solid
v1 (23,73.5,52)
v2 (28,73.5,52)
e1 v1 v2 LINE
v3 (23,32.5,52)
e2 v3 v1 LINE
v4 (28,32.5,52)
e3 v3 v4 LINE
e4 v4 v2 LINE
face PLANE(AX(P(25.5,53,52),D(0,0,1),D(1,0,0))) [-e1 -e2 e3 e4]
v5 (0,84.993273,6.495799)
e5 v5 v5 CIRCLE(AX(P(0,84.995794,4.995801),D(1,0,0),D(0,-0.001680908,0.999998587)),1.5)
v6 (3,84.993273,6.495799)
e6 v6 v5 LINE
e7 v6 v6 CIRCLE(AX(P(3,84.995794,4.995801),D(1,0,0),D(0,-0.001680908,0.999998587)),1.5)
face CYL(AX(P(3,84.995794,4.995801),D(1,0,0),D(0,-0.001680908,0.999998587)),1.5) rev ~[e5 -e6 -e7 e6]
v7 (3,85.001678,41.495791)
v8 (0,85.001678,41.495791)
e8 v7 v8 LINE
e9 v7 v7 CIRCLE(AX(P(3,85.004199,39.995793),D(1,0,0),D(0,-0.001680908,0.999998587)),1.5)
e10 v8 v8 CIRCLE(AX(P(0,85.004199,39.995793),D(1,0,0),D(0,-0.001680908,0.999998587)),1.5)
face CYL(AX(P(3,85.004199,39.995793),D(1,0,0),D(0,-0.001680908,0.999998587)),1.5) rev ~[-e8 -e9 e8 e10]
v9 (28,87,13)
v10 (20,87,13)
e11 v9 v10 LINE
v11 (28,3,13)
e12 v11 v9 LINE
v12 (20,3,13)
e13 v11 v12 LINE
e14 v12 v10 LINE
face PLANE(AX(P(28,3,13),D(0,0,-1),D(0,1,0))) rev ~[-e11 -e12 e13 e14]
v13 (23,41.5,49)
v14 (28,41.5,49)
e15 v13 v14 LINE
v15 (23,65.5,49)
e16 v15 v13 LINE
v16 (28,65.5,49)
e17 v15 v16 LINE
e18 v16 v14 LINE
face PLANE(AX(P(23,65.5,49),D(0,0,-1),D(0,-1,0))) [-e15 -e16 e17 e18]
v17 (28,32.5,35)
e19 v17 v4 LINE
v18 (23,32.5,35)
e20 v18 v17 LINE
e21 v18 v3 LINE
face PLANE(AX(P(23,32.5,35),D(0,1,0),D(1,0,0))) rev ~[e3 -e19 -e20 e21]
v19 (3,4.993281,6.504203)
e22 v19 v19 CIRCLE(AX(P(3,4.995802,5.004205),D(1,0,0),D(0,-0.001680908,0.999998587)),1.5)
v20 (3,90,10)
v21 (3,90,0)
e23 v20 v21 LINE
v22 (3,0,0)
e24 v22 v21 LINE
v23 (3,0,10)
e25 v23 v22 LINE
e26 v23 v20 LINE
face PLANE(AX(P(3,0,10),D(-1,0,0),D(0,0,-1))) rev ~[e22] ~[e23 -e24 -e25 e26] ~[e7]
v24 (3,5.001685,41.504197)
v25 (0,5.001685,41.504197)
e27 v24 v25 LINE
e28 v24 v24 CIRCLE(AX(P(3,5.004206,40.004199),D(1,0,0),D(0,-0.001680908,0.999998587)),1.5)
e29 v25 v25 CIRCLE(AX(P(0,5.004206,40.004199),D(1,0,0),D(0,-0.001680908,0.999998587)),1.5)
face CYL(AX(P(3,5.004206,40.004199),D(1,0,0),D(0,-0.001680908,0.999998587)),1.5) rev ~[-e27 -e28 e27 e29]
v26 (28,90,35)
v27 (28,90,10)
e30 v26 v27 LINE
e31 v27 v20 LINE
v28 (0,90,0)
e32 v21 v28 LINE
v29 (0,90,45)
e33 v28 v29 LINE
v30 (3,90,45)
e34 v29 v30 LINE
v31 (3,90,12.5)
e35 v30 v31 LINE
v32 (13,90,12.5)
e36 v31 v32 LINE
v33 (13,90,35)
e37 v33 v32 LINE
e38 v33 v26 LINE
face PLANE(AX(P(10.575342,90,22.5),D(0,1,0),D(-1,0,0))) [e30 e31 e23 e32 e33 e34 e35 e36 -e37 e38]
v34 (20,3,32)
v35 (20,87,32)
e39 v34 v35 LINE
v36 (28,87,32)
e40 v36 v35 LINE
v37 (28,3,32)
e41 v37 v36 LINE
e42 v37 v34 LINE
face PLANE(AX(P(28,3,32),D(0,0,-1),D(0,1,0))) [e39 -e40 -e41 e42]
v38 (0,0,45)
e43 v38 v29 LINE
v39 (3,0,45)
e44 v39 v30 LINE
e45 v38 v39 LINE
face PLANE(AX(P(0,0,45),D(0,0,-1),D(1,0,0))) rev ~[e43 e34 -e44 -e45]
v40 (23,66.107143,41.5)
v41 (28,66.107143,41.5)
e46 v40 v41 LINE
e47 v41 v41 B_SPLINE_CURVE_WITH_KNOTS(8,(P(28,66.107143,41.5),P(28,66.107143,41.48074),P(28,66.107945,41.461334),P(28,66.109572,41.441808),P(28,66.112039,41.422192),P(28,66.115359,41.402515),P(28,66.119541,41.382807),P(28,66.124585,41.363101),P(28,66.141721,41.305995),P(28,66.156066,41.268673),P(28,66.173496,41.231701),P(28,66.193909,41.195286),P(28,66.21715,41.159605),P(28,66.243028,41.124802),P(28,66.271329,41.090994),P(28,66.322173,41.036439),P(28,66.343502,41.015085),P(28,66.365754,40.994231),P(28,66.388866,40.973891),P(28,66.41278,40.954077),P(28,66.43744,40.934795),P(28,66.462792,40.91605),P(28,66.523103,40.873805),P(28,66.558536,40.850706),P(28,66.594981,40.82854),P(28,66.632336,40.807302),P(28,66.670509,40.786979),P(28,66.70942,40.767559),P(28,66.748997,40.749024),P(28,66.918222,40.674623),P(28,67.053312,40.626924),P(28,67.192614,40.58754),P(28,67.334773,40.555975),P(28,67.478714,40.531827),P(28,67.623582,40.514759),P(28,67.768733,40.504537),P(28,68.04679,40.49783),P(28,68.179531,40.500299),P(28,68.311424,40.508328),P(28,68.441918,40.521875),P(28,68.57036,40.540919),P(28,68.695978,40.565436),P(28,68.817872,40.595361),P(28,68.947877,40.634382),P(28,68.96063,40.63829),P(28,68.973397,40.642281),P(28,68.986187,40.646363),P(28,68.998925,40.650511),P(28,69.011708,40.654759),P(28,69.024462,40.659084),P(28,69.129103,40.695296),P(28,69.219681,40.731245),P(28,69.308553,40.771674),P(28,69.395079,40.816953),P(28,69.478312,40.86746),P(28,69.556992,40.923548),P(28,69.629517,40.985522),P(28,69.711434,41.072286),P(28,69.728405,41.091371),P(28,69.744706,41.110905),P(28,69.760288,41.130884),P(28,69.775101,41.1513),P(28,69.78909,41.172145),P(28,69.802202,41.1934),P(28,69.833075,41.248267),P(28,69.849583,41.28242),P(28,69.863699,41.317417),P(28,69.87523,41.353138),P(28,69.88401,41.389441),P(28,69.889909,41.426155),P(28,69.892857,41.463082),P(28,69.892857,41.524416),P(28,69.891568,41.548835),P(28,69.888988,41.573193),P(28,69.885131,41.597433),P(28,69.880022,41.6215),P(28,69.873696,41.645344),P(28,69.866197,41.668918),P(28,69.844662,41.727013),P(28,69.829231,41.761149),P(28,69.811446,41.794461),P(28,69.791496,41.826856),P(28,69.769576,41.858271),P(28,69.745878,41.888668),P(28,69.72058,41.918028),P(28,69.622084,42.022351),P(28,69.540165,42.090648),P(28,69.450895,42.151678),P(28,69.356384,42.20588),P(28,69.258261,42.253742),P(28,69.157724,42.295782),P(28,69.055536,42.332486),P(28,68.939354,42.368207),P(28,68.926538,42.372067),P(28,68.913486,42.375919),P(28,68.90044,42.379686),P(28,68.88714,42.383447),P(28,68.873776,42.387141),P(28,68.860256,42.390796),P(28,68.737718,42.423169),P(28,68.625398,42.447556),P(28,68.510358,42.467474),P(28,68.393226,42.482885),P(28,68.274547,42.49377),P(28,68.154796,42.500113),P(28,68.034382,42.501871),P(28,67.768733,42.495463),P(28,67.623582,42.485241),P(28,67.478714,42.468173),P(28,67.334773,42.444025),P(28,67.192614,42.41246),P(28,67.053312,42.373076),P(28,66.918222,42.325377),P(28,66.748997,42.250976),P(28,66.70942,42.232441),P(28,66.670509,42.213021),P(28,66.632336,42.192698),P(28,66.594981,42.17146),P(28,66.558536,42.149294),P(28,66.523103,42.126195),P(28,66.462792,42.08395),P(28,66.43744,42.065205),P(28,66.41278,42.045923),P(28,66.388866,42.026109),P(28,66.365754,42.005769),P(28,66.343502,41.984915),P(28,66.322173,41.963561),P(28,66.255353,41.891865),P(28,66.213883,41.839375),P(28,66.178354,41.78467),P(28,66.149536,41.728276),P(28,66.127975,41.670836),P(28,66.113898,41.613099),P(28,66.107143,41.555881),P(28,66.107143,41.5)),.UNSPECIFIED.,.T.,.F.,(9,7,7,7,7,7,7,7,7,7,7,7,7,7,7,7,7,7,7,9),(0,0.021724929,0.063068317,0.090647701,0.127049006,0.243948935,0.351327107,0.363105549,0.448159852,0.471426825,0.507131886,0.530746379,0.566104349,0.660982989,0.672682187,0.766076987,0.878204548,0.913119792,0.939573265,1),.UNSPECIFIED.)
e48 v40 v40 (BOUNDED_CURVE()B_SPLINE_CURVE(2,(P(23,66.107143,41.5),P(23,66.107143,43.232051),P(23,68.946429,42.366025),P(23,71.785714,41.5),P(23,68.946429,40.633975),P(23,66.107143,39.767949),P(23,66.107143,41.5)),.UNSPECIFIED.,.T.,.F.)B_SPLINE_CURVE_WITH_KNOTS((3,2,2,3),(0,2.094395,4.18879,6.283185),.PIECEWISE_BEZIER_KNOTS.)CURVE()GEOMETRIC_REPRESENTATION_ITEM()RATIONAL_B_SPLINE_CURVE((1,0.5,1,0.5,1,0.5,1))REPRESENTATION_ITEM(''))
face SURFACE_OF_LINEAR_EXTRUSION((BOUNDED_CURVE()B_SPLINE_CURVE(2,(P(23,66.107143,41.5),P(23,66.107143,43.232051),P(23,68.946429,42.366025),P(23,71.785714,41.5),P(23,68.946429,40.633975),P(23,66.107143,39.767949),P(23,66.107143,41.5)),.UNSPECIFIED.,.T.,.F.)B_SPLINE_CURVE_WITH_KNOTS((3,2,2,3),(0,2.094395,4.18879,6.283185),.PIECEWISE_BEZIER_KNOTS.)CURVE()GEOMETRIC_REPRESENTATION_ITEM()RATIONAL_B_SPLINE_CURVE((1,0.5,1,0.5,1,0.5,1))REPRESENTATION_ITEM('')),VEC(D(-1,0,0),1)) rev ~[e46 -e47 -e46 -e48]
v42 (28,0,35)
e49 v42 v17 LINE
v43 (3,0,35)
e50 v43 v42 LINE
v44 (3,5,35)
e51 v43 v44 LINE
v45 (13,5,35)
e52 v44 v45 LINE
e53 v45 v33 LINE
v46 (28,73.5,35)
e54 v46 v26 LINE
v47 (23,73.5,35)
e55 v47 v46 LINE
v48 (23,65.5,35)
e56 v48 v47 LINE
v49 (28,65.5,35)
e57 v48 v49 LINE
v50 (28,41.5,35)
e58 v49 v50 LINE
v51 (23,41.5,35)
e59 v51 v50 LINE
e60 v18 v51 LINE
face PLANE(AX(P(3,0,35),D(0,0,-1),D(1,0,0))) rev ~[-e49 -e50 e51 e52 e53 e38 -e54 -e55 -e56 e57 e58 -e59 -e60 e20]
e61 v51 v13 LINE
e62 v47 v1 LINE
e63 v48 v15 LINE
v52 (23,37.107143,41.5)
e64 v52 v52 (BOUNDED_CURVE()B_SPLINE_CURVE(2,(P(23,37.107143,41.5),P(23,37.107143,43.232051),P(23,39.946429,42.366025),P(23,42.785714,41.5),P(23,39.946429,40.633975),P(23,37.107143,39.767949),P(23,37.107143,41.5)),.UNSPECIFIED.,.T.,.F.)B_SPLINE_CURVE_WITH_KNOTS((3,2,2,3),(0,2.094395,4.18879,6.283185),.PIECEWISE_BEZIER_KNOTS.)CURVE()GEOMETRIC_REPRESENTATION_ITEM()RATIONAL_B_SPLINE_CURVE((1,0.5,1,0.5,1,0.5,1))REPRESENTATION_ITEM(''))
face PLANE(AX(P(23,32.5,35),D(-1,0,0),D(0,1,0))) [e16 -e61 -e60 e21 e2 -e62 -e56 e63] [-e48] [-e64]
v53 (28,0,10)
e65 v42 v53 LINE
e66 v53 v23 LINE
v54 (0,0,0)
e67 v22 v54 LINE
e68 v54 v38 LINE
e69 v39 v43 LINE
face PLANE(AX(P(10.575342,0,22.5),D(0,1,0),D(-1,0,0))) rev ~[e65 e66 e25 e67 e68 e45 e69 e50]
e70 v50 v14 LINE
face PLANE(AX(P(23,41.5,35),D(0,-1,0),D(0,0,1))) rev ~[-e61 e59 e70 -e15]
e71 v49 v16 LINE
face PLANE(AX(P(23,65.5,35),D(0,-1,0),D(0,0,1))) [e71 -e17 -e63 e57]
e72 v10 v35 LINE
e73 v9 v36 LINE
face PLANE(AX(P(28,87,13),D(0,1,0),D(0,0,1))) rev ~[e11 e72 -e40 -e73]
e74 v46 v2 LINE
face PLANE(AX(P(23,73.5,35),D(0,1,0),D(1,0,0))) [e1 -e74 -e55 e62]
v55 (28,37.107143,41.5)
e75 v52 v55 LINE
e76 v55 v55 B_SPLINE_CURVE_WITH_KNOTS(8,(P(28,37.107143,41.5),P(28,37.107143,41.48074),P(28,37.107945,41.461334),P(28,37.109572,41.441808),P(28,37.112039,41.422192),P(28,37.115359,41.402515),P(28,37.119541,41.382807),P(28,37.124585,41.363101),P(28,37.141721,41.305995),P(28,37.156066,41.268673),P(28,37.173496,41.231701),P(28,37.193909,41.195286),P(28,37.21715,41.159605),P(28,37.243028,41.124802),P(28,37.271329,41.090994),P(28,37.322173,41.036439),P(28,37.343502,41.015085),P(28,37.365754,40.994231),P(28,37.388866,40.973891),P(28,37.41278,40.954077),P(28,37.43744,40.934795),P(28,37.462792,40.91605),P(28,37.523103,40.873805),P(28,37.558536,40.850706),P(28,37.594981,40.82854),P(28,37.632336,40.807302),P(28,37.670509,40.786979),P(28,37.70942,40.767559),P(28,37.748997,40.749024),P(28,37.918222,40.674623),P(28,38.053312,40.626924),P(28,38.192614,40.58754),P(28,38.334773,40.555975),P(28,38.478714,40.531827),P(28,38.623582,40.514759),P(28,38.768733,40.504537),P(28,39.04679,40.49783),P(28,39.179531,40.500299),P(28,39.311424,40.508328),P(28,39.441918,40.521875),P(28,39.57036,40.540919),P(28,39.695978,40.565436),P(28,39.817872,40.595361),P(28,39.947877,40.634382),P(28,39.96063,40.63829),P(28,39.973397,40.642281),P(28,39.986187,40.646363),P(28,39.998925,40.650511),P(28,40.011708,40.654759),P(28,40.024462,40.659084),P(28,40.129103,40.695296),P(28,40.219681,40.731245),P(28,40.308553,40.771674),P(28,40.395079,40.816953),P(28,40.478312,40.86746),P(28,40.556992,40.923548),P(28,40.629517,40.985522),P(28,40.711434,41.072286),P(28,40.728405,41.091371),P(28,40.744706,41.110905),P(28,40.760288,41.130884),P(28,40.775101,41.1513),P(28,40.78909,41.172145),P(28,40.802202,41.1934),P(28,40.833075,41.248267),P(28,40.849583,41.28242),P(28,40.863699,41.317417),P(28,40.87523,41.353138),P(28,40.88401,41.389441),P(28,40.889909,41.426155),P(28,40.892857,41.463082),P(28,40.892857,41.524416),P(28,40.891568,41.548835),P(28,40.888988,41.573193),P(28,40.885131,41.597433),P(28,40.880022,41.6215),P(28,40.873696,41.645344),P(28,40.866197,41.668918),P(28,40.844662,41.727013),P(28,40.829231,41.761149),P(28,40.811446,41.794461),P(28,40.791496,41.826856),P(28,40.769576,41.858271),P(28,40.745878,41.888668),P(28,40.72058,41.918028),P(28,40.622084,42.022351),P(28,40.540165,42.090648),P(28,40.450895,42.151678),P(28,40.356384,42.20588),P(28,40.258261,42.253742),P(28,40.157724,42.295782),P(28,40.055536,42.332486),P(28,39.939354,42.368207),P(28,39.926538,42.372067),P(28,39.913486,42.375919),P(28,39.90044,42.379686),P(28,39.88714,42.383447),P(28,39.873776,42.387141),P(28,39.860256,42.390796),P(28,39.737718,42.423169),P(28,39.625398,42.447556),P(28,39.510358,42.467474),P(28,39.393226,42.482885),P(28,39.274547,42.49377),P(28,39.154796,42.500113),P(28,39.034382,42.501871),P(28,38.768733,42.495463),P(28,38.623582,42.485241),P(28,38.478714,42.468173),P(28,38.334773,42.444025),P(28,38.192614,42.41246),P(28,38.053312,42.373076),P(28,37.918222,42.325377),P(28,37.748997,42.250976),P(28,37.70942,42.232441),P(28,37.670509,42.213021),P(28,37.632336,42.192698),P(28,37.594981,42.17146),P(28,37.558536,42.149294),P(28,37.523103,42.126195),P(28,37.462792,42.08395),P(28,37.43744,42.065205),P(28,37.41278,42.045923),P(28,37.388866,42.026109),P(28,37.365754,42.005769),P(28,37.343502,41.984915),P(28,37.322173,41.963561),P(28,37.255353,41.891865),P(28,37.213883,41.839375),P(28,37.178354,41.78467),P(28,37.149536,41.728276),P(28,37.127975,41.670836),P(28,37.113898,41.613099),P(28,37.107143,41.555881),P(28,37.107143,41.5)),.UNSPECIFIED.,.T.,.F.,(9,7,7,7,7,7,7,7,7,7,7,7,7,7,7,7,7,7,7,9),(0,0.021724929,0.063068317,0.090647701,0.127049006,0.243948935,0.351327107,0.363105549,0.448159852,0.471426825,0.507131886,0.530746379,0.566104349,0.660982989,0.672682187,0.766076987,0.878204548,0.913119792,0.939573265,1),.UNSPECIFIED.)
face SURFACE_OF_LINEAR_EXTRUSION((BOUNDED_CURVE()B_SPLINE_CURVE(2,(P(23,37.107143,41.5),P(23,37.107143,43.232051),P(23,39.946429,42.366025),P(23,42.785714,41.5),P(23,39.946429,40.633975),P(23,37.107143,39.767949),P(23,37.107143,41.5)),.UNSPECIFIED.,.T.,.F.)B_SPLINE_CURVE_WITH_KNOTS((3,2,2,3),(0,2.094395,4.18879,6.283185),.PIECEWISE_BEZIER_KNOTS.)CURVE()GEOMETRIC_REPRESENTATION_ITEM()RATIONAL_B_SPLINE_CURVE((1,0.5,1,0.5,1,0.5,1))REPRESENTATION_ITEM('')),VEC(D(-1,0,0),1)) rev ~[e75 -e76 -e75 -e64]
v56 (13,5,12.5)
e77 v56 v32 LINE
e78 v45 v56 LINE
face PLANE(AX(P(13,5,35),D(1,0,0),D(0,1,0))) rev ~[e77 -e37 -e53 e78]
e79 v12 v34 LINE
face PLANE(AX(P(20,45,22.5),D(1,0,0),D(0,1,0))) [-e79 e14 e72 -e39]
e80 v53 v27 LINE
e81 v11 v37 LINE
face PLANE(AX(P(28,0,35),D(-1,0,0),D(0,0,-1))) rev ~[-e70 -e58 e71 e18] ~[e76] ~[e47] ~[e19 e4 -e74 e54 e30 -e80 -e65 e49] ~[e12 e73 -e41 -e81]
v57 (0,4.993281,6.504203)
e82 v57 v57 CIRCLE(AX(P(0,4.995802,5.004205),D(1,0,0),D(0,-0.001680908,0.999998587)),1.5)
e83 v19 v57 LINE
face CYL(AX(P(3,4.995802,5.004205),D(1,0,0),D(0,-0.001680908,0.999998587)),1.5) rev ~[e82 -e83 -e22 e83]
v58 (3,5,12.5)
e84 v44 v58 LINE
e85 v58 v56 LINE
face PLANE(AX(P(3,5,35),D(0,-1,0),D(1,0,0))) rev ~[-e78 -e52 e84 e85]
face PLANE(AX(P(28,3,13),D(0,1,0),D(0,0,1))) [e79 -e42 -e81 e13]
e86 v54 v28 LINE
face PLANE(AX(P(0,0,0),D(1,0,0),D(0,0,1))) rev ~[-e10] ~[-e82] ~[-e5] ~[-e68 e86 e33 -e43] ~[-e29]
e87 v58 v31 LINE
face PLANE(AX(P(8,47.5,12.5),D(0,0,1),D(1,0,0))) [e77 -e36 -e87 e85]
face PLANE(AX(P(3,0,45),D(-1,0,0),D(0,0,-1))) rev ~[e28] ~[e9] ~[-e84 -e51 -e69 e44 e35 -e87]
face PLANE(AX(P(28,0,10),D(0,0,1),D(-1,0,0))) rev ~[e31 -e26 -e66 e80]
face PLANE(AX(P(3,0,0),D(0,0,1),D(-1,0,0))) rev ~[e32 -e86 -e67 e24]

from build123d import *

# Parameters (mm, degrees)
SKETCH005_W                               = 24
SKETCH005_H                               = 14
EXTRUDE006_DEPTH                          = 10
EXTRUDE007_DEPTH                          = 10
EXTRUDE005_DEPTH                          = 10
SKETCH004_W                               = 5
SKETCH004_H                               = 41
EXTRUDE004_DEPTH                          = 17
SKETCH003_AS_DRAWN_R                      = 1.5
EXTRUDE003_DEPTH                          = 5
EXTRUDE003_ONTO_SKETCH003_ROLL_ANGLE      = -90
EXTRUDE003_ONTO_SKETCH003_PITCH_ANGLE     = -89.903691
EXTRUDE003_ONTO_SKETCH003_PLACEMENT_ANGLE = -90
SKETCH002_W                               = 84
SKETCH002_H                               = 19
EXTRUDE002_DEPTH                          = 8
SKETCH001_W                               = 10
SKETCH001_H                               = 85
EXTRUDE001_DEPTH                          = 22.5
EXTRUDE_DEPTH                             = 90


with BuildPart() as extrude006:
    # Sketch005 (on Face18 of Fusion) → Extrude006 (new body)
    with BuildSketch(Plane(origin=(23, 0, 0), x_dir=(0, -1, 0), z_dir=(-1, 0, 0))):
        with Locations((-53.5, 42)):
            Rectangle(SKETCH005_W, SKETCH005_H)
        with BuildLine():
            add(Edge.make_bspline(
                [(-66.107143, 41.5), (-66.107143, 43.232051), (-68.946429, 42.366025), (-71.785714, 41.5), (-68.946429, 40.633975), (-66.107143, 39.767949), (-66.107143, 41.5)],
                knots=[0, 0, 0, 2.094395, 2.094395, 4.18879, 4.18879, 6.283185, 6.283185, 6.283185], degree=2, weights=[1, 0.5, 1, 0.5, 1, 0.5, 1]))
        make_face()
        with BuildLine():
            add(Edge.make_bspline(
                [(-37.107143, 41.5), (-37.107143, 43.232051), (-39.946429, 42.366025), (-42.785714, 41.5), (-39.946429, 40.633975), (-37.107143, 39.767949), (-37.107143, 41.5)],
                knots=[0, 0, 0, 2.094395, 2.094395, 4.18879, 4.18879, 6.283185, 6.283185, 6.283185], degree=2, weights=[1, 0.5, 1, 0.5, 1, 0.5, 1]))
        make_face()
    extrude(amount=-EXTRUDE006_DEPTH)


with BuildPart() as extrude007:
    # Sketch005 (on Face18 of Fusion) → Extrude007 (new body)
    with BuildSketch(Plane(origin=(23, 0, 0), x_dir=(0, -1, 0), z_dir=(-1, 0, 0))):
        with Locations((-53.5, 42)):
            Rectangle(SKETCH005_W, SKETCH005_H)
        with BuildLine():
            add(Edge.make_bspline(
                [(-66.107143, 41.5), (-66.107143, 43.232051), (-68.946429, 42.366025), (-71.785714, 41.5), (-68.946429, 40.633975), (-66.107143, 39.767949), (-66.107143, 41.5)],
                knots=[0, 0, 0, 2.094395, 2.094395, 4.18879, 4.18879, 6.283185, 6.283185, 6.283185], degree=2, weights=[1, 0.5, 1, 0.5, 1, 0.5, 1]))
        make_face()
        with BuildLine():
            add(Edge.make_bspline(
                [(-37.107143, 41.5), (-37.107143, 43.232051), (-39.946429, 42.366025), (-42.785714, 41.5), (-39.946429, 40.633975), (-37.107143, 39.767949), (-37.107143, 41.5)],
                knots=[0, 0, 0, 2.094395, 2.094395, 4.18879, 4.18879, 6.283185, 6.283185, 6.283185], degree=2, weights=[1, 0.5, 1, 0.5, 1, 0.5, 1]))
        make_face()
    extrude(amount=-EXTRUDE007_DEPTH)


with BuildPart() as motor_cavity:
    # Sketch005 (on Face18 of Fusion) → Extrude005 (new body)
    with BuildSketch(Plane(origin=(23, 0, 0), x_dir=(0, -1, 0), z_dir=(-1, 0, 0))):
        with Locations((-53.5, 42)):
            Rectangle(SKETCH005_W, SKETCH005_H)
        with BuildLine():
            add(Edge.make_bspline(
                [(-66.107143, 41.5), (-66.107143, 43.232051), (-68.946429, 42.366025), (-71.785714, 41.5), (-68.946429, 40.633975), (-66.107143, 39.767949), (-66.107143, 41.5)],
                knots=[0, 0, 0, 2.094395, 2.094395, 4.18879, 4.18879, 6.283185, 6.283185, 6.283185], degree=2, weights=[1, 0.5, 1, 0.5, 1, 0.5, 1]))
        make_face()
        with BuildLine():
            add(Edge.make_bspline(
                [(-37.107143, 41.5), (-37.107143, 43.232051), (-39.946429, 42.366025), (-42.785714, 41.5), (-39.946429, 40.633975), (-37.107143, 39.767949), (-37.107143, 41.5)],
                knots=[0, 0, 0, 2.094395, 2.094395, 4.18879, 4.18879, 6.283185, 6.283185, 6.283185], degree=2, weights=[1, 0.5, 1, 0.5, 1, 0.5, 1]))
        make_face()
    extrude(amount=-EXTRUDE005_DEPTH)

    # Fusion001: union Extrude006, Extrude007
    add(extrude006.part)
    add(extrude007.part)


with BuildPart() as motor_holder:
    # Sketch004 (on Face12 of Cut002) → Extrude004 (new body)
    with BuildSketch(Plane.XY.offset(35)):
        with Locations((25.5, 53)):
            Rectangle(SKETCH004_W, SKETCH004_H)
    extrude(amount=EXTRUDE004_DEPTH)


with BuildPart() as screw_holes:
    # Sketch003 as drawn → Extrude003 (new)
    with BuildSketch(Plane.XY):
        with Locations((16.786752, -38.744592)):
            Circle(SKETCH003_AS_DRAWN_R)
        with Locations((-18.213177, -38.677355)):
            Circle(SKETCH003_AS_DRAWN_R)
        with Locations((16.92963, 41.255274)):
            Circle(SKETCH003_AS_DRAWN_R)
        with Locations((-18.0703, 41.32251)):
            Circle(SKETCH003_AS_DRAWN_R)
    extrude(amount=-EXTRUDE003_DEPTH)


with BuildPart() as screw_holes_1:
    # Extrude003 onto Sketch003 roll: moved
    add(screw_holes.part.rotate(Axis((0, 0, 0), (1, 0, 0)), EXTRUDE003_ONTO_SKETCH003_ROLL_ANGLE))


with BuildPart() as screw_holes_2:
    # Extrude003 onto Sketch003 pitch: moved
    add(screw_holes_1.part.rotate(Axis((0, 0, 0), (0, 1, 0)), EXTRUDE003_ONTO_SKETCH003_PITCH_ANGLE))


with BuildPart() as screw_holes_3:
    # Extrude003 onto Sketch003 placement: moved
    add(screw_holes_2.part.moved(Location((3, 46.287879, 23.143939))).rotate(Axis((3, 46.287879, 23.143939), (0, 0, 1)), EXTRUDE003_ONTO_SKETCH003_PLACEMENT_ANGLE))


with BuildPart() as cavity:
    # Sketch002 (on Face8 of Cut) → Extrude002 (new body)
    with BuildSketch(Plane.YZ.offset(28)):
        with Locations((45, 22.5)):
            Rectangle(SKETCH002_W, SKETCH002_H)
    extrude(amount=-EXTRUDE002_DEPTH)


with BuildPart() as lock_hole:
    # Sketch001 (on Face4 of Extrude) → Extrude001 (new body)
    with BuildSketch(Plane.XY.offset(35)):
        with Locations((8, 47.5)):
            Rectangle(SKETCH001_W, SKETCH001_H)
    extrude(amount=-EXTRUDE001_DEPTH)


with BuildPart() as cut003:
    # Sketch → Extrude (new body)
    with BuildSketch(Plane.XZ):
        Polygon((0, 0), (0, 45), (3, 45), (3, 35), (28, 35), (28, 10), (3, 10), (3, 0), align=None)
    extrude(amount=-EXTRUDE_DEPTH)

    # Cut: cut lock hole
    add(lock_hole.part, mode=Mode.SUBTRACT)

    # Cut001: cut cavity
    add(cavity.part, mode=Mode.SUBTRACT)

    # Cut002: cut screw holes
    add(screw_holes_3.part, mode=Mode.SUBTRACT)

    # Fusion: union motor holder
    add(motor_holder.part)

    # Cut003: cut motor cavity
    add(motor_cavity.part, mode=Mode.SUBTRACT)


solid = cut003.part
